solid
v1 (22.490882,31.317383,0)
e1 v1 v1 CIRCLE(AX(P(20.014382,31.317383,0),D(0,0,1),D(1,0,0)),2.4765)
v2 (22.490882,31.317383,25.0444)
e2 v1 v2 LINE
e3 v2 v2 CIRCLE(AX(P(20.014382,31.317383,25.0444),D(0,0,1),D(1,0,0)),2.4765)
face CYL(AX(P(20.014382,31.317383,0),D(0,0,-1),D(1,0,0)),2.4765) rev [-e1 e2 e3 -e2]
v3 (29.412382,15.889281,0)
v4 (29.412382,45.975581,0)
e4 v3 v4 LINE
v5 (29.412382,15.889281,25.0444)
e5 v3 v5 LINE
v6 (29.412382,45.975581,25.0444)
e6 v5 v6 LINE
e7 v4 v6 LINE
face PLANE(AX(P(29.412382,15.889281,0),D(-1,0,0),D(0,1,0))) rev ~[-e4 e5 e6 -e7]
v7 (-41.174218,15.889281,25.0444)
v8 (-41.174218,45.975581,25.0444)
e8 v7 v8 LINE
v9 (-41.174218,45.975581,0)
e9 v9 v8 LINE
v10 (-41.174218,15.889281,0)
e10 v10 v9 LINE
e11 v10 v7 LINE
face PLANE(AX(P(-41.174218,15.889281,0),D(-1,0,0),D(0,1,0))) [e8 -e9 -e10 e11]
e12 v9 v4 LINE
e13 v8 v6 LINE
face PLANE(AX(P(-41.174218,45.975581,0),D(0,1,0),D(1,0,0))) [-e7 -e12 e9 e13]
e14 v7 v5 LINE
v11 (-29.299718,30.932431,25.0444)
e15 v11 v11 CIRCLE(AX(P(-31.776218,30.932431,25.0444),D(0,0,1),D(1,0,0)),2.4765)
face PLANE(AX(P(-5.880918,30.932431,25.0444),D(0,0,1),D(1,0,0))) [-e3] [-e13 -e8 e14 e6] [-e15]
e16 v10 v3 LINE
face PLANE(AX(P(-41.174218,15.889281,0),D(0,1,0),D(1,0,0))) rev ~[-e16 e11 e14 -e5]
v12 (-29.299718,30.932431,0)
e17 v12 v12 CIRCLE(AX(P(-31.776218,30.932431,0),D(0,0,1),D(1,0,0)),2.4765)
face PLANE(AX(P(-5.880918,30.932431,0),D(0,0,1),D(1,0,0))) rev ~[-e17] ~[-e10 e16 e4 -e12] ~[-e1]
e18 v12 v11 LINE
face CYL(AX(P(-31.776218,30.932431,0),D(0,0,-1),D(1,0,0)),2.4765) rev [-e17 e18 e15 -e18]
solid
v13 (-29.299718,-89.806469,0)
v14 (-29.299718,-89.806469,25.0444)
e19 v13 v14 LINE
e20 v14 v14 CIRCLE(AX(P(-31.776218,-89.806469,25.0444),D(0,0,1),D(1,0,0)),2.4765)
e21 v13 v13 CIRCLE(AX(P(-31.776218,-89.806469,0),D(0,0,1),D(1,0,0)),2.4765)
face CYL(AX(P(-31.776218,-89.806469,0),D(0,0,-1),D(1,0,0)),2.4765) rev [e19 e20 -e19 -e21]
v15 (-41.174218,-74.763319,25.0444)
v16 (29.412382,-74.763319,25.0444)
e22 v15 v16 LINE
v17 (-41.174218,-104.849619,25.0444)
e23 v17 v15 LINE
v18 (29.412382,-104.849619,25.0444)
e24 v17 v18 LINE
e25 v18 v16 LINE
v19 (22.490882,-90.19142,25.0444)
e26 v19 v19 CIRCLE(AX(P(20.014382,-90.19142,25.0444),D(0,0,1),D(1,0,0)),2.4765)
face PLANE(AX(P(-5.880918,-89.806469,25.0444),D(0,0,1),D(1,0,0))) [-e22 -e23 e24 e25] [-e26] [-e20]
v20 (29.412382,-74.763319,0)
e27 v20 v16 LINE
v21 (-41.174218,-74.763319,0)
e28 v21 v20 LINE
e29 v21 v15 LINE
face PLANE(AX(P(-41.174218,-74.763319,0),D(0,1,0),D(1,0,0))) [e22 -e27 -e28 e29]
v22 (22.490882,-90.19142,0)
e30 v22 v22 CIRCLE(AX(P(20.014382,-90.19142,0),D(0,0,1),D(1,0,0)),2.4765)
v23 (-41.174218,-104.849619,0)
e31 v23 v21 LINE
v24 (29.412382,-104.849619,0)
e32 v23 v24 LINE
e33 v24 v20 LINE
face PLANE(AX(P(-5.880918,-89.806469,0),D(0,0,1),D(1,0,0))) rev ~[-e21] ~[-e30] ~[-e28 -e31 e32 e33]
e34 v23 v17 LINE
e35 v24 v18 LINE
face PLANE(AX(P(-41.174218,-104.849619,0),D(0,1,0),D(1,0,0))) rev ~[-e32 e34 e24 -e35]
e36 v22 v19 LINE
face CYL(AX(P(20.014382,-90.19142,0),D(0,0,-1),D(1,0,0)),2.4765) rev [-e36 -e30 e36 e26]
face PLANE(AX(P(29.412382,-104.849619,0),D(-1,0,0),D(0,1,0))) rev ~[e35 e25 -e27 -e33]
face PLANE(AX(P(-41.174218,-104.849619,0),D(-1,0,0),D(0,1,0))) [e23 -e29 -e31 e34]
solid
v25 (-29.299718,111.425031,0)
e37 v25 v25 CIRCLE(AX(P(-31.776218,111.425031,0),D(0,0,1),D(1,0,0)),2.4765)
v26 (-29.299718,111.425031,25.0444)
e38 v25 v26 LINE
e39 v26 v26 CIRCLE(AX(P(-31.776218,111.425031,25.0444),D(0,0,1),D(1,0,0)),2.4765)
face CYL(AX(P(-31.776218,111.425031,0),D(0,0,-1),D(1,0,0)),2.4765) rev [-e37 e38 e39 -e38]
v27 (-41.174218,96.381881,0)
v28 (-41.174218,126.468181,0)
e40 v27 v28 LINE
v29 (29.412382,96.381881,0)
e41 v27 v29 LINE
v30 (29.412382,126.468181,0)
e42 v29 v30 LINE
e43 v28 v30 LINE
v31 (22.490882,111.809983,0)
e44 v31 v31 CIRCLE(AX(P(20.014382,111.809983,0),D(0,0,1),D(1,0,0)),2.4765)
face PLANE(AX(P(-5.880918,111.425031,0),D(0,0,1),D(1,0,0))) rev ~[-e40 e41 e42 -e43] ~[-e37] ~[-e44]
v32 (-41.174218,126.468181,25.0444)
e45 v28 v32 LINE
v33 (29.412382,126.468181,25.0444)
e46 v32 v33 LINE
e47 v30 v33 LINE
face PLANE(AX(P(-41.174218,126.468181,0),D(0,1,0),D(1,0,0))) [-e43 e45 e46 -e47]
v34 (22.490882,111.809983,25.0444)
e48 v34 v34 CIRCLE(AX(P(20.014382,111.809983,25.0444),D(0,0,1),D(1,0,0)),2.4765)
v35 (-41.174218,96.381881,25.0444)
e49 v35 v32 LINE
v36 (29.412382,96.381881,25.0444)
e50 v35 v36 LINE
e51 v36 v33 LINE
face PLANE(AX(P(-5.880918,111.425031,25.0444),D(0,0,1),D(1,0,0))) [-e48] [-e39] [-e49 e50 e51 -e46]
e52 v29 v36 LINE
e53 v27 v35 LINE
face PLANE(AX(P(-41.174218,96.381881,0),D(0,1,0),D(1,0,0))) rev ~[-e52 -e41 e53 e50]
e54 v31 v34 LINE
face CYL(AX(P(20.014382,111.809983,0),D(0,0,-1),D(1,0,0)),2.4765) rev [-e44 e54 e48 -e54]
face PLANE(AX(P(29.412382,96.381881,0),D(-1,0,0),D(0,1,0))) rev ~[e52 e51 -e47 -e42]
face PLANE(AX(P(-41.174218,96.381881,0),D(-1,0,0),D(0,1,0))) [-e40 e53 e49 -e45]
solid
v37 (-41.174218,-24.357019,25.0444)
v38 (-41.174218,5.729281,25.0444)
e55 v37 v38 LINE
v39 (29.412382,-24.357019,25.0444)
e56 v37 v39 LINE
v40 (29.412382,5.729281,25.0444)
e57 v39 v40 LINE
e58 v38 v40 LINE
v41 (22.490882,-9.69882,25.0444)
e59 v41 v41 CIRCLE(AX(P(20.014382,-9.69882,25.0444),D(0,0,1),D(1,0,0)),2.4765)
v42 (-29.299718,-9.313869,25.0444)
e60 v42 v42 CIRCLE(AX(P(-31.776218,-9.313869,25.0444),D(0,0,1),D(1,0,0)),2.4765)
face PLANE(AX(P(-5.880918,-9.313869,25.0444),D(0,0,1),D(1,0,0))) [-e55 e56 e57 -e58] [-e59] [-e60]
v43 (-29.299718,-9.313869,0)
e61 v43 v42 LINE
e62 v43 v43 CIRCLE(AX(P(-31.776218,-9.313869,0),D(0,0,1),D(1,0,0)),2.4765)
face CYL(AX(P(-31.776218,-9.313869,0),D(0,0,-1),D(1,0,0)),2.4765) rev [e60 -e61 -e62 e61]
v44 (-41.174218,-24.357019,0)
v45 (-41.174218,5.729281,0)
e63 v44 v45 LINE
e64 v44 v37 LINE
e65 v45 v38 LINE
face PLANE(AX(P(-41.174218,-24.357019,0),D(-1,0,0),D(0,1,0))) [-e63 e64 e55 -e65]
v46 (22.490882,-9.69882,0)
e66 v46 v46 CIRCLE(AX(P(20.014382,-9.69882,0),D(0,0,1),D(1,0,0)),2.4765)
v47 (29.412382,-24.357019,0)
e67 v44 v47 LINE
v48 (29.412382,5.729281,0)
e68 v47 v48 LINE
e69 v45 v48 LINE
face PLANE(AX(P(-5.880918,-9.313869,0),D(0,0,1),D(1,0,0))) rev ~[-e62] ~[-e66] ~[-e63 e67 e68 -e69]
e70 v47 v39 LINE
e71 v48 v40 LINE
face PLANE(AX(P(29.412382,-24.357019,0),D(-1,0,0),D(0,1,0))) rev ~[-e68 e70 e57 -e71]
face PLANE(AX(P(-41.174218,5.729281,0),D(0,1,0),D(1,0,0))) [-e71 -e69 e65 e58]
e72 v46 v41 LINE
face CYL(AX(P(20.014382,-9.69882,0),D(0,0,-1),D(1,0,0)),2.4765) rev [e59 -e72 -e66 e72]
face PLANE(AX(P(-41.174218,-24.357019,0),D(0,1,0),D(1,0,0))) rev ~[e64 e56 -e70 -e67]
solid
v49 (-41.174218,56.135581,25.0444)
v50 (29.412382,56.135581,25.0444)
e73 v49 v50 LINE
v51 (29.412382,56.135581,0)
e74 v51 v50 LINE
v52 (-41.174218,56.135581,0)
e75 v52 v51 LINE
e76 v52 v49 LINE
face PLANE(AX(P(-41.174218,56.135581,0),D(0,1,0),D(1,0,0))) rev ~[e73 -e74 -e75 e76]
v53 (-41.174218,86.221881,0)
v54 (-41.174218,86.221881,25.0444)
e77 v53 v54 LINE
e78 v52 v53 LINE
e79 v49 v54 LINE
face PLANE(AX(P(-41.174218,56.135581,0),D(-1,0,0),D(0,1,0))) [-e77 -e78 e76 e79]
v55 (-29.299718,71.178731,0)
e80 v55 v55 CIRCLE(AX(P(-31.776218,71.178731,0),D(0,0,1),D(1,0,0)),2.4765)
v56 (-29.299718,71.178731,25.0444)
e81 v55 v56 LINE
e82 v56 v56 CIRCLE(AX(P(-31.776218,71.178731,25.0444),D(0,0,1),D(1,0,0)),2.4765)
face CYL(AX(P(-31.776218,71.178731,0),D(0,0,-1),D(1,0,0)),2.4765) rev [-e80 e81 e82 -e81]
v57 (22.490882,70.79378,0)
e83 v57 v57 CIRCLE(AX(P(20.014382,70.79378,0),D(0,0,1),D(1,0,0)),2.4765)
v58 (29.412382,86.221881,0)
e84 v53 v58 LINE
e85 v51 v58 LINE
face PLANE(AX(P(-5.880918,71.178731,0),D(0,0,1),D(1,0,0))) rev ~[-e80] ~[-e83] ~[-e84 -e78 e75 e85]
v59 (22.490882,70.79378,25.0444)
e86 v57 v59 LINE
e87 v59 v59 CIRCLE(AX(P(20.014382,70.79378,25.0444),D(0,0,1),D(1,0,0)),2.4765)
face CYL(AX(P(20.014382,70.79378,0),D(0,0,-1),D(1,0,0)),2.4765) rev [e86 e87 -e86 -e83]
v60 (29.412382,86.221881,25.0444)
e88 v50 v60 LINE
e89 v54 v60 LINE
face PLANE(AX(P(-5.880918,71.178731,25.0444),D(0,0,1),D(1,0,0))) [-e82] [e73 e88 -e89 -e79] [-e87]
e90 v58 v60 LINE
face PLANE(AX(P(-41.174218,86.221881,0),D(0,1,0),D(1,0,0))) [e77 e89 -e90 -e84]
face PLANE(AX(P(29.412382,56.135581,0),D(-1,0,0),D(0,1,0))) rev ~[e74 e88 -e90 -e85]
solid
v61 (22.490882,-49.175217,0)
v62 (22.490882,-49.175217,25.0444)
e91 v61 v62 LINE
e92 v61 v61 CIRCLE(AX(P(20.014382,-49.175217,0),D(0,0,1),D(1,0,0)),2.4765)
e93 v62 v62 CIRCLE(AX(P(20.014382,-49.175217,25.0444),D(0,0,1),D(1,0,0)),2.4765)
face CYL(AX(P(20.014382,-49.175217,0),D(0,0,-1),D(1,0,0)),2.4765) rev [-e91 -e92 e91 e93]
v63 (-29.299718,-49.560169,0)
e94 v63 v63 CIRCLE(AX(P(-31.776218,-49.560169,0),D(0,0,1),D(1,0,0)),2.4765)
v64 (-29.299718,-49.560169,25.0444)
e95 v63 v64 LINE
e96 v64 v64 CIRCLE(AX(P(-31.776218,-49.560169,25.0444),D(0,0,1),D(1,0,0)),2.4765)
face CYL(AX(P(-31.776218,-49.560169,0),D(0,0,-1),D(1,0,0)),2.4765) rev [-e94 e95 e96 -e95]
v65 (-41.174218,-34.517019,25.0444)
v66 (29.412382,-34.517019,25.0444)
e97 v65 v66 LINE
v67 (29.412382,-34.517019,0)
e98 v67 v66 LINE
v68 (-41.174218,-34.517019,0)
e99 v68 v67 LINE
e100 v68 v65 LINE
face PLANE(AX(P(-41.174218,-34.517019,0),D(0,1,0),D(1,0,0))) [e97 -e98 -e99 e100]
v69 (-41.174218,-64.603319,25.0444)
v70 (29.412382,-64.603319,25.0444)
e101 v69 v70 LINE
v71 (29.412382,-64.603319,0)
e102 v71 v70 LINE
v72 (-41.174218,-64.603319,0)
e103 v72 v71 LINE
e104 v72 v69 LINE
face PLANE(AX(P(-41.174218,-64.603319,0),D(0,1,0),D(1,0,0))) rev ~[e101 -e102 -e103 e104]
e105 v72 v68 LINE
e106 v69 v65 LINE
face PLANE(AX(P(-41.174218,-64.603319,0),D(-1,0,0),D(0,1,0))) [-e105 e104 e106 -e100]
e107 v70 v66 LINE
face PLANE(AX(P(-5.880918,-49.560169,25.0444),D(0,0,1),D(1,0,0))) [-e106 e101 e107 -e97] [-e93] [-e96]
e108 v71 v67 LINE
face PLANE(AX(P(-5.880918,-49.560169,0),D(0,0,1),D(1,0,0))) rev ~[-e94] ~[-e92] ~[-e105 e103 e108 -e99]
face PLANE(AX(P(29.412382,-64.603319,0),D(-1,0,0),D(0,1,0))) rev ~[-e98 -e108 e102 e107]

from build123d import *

# Parameters (mm, degrees)
F0_W     = 70.5866
F0_H     = 30.0863
F0_R     = 2.4765
F1_DEPTH = 25.0444


with BuildPart() as f1:
    # F0 (on Top) → F1 (new body)
    with BuildSketch(Plane.XY):
        with Locations((-5.880918, -9.313869)):
            Rectangle(F0_W, F0_H)
        with Locations((-31.776218, -9.313869)):
            Circle(F0_R, mode=Mode.SUBTRACT)
        with Locations((20.014382, -9.69882)):
            Circle(F0_R, mode=Mode.SUBTRACT)
        with Locations((-5.880918, -49.560169)):
            Rectangle(F0_W, F0_H)
        with Locations((-31.776218, -49.560169)):
            Circle(F0_R, mode=Mode.SUBTRACT)
        with Locations((20.014382, -49.175217)):
            Circle(F0_R, mode=Mode.SUBTRACT)
        with Locations((-5.880918, -89.806469)):
            Rectangle(F0_W, F0_H)
        with Locations((-31.776218, -89.806469)):
            Circle(F0_R, mode=Mode.SUBTRACT)
        with Locations((20.014382, -90.19142)):
            Circle(F0_R, mode=Mode.SUBTRACT)
        with Locations((-5.880918, 30.932431)):
            Rectangle(F0_W, F0_H)
        with Locations((-31.776218, 30.932431)):
            Circle(F0_R, mode=Mode.SUBTRACT)
        with Locations((20.014382, 31.317383)):
            Circle(F0_R, mode=Mode.SUBTRACT)
        with Locations((-5.880918, 71.178731)):
            Rectangle(F0_W, F0_H)
        with Locations((-31.776218, 71.178731)):
            Circle(F0_R, mode=Mode.SUBTRACT)
        with Locations((20.014382, 70.79378)):
            Circle(F0_R, mode=Mode.SUBTRACT)
        with Locations((-5.880918, 111.425031)):
            Rectangle(F0_W, F0_H)
        with Locations((-31.776218, 111.425031)):
            Circle(F0_R, mode=Mode.SUBTRACT)
        with Locations((20.014382, 111.809983)):
            Circle(F0_R, mode=Mode.SUBTRACT)
    extrude(amount=F1_DEPTH)


solid = f1.part
